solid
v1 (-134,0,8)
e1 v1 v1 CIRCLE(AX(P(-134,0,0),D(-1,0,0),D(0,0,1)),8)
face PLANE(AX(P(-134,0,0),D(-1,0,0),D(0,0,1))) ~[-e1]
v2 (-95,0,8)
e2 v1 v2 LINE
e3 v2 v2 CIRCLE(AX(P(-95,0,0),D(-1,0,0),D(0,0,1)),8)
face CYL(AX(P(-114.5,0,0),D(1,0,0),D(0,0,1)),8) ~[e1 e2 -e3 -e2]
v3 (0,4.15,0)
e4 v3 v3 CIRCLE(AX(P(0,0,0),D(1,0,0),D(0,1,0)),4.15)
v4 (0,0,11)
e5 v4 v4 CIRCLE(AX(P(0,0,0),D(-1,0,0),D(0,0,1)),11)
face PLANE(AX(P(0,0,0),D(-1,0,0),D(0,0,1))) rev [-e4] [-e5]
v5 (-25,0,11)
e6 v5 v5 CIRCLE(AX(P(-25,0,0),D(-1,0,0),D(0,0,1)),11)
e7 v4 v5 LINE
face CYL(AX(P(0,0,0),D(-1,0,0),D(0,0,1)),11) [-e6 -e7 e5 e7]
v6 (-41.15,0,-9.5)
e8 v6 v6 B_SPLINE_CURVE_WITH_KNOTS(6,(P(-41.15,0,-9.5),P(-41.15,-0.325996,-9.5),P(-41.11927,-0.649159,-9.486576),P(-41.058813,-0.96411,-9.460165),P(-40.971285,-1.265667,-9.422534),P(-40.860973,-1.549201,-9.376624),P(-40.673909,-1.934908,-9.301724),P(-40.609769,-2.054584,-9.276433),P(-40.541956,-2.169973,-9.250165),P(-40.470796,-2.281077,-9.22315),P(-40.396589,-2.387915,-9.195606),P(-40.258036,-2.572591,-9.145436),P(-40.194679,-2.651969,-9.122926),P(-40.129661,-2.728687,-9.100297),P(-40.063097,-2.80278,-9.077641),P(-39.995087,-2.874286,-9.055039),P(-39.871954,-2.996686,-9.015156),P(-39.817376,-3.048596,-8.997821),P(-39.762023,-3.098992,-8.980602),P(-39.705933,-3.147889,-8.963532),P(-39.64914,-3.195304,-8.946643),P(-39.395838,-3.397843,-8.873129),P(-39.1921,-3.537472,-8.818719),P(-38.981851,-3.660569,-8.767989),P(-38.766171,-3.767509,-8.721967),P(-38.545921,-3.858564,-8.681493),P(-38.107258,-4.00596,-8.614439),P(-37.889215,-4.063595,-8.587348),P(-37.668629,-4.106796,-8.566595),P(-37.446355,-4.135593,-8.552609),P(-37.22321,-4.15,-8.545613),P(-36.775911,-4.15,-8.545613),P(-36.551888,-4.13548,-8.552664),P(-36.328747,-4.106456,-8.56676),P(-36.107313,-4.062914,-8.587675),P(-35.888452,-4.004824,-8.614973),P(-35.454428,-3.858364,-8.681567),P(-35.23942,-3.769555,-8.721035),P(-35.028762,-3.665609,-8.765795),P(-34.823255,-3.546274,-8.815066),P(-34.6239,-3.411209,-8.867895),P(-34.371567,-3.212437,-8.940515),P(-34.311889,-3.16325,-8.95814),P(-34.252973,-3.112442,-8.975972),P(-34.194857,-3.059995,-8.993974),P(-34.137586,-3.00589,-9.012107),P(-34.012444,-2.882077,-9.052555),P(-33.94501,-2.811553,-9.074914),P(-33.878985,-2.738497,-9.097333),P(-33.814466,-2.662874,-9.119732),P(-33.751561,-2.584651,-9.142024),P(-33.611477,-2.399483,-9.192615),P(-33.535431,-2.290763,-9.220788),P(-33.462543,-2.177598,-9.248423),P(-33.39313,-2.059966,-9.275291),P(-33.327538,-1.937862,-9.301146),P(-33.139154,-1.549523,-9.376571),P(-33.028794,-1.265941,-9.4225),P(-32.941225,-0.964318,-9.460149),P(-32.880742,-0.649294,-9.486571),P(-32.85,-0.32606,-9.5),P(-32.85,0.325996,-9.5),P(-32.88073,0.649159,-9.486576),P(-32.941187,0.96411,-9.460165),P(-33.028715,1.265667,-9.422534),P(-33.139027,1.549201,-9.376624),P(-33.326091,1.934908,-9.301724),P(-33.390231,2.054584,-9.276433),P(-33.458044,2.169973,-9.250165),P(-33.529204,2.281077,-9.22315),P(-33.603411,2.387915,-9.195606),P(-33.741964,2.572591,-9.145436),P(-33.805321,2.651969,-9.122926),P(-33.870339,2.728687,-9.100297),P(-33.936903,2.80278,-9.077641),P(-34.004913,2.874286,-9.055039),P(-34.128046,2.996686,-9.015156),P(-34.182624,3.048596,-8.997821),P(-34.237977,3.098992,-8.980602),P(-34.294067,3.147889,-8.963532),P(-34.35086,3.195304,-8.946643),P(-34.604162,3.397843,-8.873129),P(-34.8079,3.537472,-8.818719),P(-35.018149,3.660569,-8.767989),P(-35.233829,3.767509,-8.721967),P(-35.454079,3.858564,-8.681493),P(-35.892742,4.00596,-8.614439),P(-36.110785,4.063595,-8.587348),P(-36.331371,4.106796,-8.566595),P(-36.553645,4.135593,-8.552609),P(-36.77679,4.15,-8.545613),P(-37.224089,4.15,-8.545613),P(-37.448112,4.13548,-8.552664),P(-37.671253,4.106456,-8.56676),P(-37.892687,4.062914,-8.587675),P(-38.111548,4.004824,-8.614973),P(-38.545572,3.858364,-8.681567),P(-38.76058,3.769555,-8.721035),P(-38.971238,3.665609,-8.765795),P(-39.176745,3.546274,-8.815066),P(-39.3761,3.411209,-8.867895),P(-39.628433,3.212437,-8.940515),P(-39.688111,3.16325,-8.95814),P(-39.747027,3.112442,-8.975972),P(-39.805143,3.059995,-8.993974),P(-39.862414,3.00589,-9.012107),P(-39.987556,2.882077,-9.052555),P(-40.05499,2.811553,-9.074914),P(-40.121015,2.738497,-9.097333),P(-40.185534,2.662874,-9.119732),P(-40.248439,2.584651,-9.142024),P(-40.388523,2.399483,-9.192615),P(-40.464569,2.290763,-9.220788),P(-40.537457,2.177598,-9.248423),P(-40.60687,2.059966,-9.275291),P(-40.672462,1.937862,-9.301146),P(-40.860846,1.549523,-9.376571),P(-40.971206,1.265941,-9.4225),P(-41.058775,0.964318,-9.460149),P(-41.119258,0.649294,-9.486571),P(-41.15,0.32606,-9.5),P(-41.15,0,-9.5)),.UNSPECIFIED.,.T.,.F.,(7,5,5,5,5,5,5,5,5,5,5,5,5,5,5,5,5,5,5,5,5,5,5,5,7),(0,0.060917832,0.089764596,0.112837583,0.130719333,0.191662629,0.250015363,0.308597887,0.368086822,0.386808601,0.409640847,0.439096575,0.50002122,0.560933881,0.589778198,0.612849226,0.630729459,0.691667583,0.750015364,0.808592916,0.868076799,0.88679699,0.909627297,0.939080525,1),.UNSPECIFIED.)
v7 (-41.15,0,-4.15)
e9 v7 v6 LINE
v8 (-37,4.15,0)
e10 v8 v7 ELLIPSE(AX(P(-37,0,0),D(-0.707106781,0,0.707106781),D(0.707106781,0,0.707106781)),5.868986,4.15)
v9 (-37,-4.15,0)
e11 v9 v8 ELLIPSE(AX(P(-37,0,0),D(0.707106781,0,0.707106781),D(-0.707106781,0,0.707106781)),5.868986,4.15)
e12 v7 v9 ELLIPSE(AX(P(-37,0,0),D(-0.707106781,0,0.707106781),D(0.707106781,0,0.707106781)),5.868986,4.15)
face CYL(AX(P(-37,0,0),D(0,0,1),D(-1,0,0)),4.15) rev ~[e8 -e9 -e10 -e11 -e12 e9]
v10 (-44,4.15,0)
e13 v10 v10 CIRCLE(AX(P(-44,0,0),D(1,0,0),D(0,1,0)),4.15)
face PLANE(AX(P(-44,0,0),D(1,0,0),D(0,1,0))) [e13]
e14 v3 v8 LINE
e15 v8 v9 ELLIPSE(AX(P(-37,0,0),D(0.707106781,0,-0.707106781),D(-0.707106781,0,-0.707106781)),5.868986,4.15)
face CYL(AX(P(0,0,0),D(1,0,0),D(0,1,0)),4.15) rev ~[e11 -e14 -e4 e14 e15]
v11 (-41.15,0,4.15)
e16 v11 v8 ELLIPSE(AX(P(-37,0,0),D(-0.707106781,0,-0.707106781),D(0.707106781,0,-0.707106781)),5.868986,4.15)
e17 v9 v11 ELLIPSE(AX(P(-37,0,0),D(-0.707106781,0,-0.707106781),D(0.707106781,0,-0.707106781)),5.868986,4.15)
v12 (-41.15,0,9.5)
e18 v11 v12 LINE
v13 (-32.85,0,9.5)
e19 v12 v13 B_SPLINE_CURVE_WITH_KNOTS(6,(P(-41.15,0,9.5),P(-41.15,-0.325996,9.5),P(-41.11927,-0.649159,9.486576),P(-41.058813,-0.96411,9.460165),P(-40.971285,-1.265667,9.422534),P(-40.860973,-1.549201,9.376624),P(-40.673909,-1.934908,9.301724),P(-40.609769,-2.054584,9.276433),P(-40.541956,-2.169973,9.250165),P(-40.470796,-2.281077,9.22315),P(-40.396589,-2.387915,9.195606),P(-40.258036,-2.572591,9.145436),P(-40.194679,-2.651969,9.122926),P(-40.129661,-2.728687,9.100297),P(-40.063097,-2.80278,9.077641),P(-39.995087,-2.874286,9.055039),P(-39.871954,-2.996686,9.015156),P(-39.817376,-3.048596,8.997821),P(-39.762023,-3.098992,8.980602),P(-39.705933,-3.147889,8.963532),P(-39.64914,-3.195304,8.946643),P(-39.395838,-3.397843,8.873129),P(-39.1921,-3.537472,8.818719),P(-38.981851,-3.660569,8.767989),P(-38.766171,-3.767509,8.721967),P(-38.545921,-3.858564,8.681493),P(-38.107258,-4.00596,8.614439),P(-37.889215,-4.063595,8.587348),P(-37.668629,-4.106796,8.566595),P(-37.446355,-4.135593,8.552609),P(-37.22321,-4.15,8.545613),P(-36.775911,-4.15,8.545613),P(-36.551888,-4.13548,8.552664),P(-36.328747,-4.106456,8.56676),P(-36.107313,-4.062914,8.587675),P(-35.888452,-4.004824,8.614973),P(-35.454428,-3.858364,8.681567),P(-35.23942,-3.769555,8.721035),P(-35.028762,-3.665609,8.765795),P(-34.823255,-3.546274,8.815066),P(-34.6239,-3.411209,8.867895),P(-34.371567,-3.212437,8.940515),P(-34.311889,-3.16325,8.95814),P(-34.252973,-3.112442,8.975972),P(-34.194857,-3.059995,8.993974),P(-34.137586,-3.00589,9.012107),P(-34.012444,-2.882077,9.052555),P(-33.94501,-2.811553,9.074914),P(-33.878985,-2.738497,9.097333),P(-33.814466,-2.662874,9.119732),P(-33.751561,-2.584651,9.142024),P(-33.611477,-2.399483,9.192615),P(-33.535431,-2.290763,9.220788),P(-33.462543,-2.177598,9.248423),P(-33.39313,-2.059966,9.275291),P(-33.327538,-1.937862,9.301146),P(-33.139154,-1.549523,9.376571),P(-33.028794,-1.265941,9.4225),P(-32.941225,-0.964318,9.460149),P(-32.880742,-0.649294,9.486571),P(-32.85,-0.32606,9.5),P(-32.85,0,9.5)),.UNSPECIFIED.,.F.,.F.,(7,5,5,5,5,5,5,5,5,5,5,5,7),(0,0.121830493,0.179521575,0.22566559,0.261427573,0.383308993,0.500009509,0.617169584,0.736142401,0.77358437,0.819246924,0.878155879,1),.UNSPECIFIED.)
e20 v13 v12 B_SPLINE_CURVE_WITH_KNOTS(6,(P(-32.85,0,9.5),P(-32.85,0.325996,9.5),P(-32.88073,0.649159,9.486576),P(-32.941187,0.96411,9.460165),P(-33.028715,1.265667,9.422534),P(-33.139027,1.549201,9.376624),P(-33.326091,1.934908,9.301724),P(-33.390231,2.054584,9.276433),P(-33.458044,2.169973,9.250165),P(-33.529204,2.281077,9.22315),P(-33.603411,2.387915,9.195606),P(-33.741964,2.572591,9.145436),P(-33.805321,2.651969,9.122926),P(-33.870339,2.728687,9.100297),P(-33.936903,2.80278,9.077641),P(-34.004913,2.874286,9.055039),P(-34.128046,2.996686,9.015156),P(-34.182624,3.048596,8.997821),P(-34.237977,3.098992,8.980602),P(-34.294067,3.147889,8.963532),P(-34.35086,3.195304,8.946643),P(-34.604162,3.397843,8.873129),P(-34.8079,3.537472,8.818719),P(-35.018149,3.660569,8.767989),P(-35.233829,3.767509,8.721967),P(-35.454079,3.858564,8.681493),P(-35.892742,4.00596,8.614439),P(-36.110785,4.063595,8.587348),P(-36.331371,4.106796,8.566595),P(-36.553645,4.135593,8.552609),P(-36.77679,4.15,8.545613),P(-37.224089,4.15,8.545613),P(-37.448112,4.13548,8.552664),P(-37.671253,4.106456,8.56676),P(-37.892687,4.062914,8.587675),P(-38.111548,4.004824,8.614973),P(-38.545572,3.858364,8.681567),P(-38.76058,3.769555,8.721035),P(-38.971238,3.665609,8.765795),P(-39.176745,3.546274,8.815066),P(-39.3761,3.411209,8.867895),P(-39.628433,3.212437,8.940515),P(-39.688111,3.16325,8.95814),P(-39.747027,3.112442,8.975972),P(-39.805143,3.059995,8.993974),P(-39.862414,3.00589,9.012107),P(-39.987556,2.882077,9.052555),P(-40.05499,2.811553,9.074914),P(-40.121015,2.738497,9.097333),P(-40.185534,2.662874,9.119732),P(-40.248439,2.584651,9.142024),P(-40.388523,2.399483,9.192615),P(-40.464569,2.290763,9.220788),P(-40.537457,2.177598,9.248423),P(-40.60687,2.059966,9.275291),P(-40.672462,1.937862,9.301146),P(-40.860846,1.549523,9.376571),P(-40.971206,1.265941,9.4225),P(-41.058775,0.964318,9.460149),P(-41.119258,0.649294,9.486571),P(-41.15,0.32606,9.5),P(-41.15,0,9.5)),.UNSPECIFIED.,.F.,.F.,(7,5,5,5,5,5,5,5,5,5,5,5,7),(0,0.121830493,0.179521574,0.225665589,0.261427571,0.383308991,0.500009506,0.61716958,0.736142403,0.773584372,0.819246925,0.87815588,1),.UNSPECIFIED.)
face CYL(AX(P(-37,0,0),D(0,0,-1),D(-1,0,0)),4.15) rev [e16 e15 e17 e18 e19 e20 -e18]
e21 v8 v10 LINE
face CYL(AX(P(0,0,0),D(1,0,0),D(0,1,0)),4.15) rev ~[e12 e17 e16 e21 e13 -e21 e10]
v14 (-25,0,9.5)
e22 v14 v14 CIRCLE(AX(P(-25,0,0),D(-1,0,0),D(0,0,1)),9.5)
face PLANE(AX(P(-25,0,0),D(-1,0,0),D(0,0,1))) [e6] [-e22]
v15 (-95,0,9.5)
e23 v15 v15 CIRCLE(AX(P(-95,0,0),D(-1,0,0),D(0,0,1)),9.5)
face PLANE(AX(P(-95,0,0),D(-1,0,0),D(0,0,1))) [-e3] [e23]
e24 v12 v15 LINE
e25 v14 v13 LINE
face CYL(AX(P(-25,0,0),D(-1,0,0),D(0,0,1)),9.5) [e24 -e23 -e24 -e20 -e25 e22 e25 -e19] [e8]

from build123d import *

# Parameters (mm, degrees)
F0_W          = 12
F0_H          = 9.5
F0_W_2        = 39
F0_H_2        = 8
F3_DEPTH      = 11.001
F3_DEPTH_BACK = 11.001
F4_R          = 4.15
F5_DEPTH      = 44


with BuildPart() as f1:
    # F0 (on Front) → F1 (revolve)
    with BuildSketch(Plane.XZ):
        Polygon((-25, 0), (0, 0), (0, 11), (-25, 11), (-25, 9.5), align=None)
        with Locations((-31, 4.75)):
            Rectangle(F0_W, F0_H)
        Polygon((-95, 0), (-37, 0), (-37, 9.5), (-95, 9.5), (-95, 8), align=None)
        with Locations((-114.5, 4)):
            Rectangle(F0_W_2, F0_H_2)
    revolve(axis=Axis((-12.5, 0, 0), (-1, 0, 0)))

    # F2 (on Top) → F3 (cut, two sides)
    with BuildSketch(Plane.XY) as f3_sk:
        with BuildLine():
            Line((-41.15, 0), (-37, 0))
            Line((-37, 0), (-32.85, 0))
            ThreePointArc((-32.85, 0), (-37, 4.15), (-41.15, 0))
        make_face()
        with BuildLine():
            Line((-32.85, 0), (-37, 0))
            Line((-37, 0), (-41.15, 0))
            ThreePointArc((-41.15, 0), (-37, -4.15), (-32.85, 0))
        make_face()
    extrude(amount=F3_DEPTH, mode=Mode.SUBTRACT)
    extrude(f3_sk.sketch, amount=-F3_DEPTH_BACK, mode=Mode.SUBTRACT)

    # F4 (on Right) → F5 (cut)
    with BuildSketch(Plane.YZ):
        Circle(F4_R)
    extrude(amount=-F5_DEPTH, mode=Mode.SUBTRACT)


solid = f1.part
